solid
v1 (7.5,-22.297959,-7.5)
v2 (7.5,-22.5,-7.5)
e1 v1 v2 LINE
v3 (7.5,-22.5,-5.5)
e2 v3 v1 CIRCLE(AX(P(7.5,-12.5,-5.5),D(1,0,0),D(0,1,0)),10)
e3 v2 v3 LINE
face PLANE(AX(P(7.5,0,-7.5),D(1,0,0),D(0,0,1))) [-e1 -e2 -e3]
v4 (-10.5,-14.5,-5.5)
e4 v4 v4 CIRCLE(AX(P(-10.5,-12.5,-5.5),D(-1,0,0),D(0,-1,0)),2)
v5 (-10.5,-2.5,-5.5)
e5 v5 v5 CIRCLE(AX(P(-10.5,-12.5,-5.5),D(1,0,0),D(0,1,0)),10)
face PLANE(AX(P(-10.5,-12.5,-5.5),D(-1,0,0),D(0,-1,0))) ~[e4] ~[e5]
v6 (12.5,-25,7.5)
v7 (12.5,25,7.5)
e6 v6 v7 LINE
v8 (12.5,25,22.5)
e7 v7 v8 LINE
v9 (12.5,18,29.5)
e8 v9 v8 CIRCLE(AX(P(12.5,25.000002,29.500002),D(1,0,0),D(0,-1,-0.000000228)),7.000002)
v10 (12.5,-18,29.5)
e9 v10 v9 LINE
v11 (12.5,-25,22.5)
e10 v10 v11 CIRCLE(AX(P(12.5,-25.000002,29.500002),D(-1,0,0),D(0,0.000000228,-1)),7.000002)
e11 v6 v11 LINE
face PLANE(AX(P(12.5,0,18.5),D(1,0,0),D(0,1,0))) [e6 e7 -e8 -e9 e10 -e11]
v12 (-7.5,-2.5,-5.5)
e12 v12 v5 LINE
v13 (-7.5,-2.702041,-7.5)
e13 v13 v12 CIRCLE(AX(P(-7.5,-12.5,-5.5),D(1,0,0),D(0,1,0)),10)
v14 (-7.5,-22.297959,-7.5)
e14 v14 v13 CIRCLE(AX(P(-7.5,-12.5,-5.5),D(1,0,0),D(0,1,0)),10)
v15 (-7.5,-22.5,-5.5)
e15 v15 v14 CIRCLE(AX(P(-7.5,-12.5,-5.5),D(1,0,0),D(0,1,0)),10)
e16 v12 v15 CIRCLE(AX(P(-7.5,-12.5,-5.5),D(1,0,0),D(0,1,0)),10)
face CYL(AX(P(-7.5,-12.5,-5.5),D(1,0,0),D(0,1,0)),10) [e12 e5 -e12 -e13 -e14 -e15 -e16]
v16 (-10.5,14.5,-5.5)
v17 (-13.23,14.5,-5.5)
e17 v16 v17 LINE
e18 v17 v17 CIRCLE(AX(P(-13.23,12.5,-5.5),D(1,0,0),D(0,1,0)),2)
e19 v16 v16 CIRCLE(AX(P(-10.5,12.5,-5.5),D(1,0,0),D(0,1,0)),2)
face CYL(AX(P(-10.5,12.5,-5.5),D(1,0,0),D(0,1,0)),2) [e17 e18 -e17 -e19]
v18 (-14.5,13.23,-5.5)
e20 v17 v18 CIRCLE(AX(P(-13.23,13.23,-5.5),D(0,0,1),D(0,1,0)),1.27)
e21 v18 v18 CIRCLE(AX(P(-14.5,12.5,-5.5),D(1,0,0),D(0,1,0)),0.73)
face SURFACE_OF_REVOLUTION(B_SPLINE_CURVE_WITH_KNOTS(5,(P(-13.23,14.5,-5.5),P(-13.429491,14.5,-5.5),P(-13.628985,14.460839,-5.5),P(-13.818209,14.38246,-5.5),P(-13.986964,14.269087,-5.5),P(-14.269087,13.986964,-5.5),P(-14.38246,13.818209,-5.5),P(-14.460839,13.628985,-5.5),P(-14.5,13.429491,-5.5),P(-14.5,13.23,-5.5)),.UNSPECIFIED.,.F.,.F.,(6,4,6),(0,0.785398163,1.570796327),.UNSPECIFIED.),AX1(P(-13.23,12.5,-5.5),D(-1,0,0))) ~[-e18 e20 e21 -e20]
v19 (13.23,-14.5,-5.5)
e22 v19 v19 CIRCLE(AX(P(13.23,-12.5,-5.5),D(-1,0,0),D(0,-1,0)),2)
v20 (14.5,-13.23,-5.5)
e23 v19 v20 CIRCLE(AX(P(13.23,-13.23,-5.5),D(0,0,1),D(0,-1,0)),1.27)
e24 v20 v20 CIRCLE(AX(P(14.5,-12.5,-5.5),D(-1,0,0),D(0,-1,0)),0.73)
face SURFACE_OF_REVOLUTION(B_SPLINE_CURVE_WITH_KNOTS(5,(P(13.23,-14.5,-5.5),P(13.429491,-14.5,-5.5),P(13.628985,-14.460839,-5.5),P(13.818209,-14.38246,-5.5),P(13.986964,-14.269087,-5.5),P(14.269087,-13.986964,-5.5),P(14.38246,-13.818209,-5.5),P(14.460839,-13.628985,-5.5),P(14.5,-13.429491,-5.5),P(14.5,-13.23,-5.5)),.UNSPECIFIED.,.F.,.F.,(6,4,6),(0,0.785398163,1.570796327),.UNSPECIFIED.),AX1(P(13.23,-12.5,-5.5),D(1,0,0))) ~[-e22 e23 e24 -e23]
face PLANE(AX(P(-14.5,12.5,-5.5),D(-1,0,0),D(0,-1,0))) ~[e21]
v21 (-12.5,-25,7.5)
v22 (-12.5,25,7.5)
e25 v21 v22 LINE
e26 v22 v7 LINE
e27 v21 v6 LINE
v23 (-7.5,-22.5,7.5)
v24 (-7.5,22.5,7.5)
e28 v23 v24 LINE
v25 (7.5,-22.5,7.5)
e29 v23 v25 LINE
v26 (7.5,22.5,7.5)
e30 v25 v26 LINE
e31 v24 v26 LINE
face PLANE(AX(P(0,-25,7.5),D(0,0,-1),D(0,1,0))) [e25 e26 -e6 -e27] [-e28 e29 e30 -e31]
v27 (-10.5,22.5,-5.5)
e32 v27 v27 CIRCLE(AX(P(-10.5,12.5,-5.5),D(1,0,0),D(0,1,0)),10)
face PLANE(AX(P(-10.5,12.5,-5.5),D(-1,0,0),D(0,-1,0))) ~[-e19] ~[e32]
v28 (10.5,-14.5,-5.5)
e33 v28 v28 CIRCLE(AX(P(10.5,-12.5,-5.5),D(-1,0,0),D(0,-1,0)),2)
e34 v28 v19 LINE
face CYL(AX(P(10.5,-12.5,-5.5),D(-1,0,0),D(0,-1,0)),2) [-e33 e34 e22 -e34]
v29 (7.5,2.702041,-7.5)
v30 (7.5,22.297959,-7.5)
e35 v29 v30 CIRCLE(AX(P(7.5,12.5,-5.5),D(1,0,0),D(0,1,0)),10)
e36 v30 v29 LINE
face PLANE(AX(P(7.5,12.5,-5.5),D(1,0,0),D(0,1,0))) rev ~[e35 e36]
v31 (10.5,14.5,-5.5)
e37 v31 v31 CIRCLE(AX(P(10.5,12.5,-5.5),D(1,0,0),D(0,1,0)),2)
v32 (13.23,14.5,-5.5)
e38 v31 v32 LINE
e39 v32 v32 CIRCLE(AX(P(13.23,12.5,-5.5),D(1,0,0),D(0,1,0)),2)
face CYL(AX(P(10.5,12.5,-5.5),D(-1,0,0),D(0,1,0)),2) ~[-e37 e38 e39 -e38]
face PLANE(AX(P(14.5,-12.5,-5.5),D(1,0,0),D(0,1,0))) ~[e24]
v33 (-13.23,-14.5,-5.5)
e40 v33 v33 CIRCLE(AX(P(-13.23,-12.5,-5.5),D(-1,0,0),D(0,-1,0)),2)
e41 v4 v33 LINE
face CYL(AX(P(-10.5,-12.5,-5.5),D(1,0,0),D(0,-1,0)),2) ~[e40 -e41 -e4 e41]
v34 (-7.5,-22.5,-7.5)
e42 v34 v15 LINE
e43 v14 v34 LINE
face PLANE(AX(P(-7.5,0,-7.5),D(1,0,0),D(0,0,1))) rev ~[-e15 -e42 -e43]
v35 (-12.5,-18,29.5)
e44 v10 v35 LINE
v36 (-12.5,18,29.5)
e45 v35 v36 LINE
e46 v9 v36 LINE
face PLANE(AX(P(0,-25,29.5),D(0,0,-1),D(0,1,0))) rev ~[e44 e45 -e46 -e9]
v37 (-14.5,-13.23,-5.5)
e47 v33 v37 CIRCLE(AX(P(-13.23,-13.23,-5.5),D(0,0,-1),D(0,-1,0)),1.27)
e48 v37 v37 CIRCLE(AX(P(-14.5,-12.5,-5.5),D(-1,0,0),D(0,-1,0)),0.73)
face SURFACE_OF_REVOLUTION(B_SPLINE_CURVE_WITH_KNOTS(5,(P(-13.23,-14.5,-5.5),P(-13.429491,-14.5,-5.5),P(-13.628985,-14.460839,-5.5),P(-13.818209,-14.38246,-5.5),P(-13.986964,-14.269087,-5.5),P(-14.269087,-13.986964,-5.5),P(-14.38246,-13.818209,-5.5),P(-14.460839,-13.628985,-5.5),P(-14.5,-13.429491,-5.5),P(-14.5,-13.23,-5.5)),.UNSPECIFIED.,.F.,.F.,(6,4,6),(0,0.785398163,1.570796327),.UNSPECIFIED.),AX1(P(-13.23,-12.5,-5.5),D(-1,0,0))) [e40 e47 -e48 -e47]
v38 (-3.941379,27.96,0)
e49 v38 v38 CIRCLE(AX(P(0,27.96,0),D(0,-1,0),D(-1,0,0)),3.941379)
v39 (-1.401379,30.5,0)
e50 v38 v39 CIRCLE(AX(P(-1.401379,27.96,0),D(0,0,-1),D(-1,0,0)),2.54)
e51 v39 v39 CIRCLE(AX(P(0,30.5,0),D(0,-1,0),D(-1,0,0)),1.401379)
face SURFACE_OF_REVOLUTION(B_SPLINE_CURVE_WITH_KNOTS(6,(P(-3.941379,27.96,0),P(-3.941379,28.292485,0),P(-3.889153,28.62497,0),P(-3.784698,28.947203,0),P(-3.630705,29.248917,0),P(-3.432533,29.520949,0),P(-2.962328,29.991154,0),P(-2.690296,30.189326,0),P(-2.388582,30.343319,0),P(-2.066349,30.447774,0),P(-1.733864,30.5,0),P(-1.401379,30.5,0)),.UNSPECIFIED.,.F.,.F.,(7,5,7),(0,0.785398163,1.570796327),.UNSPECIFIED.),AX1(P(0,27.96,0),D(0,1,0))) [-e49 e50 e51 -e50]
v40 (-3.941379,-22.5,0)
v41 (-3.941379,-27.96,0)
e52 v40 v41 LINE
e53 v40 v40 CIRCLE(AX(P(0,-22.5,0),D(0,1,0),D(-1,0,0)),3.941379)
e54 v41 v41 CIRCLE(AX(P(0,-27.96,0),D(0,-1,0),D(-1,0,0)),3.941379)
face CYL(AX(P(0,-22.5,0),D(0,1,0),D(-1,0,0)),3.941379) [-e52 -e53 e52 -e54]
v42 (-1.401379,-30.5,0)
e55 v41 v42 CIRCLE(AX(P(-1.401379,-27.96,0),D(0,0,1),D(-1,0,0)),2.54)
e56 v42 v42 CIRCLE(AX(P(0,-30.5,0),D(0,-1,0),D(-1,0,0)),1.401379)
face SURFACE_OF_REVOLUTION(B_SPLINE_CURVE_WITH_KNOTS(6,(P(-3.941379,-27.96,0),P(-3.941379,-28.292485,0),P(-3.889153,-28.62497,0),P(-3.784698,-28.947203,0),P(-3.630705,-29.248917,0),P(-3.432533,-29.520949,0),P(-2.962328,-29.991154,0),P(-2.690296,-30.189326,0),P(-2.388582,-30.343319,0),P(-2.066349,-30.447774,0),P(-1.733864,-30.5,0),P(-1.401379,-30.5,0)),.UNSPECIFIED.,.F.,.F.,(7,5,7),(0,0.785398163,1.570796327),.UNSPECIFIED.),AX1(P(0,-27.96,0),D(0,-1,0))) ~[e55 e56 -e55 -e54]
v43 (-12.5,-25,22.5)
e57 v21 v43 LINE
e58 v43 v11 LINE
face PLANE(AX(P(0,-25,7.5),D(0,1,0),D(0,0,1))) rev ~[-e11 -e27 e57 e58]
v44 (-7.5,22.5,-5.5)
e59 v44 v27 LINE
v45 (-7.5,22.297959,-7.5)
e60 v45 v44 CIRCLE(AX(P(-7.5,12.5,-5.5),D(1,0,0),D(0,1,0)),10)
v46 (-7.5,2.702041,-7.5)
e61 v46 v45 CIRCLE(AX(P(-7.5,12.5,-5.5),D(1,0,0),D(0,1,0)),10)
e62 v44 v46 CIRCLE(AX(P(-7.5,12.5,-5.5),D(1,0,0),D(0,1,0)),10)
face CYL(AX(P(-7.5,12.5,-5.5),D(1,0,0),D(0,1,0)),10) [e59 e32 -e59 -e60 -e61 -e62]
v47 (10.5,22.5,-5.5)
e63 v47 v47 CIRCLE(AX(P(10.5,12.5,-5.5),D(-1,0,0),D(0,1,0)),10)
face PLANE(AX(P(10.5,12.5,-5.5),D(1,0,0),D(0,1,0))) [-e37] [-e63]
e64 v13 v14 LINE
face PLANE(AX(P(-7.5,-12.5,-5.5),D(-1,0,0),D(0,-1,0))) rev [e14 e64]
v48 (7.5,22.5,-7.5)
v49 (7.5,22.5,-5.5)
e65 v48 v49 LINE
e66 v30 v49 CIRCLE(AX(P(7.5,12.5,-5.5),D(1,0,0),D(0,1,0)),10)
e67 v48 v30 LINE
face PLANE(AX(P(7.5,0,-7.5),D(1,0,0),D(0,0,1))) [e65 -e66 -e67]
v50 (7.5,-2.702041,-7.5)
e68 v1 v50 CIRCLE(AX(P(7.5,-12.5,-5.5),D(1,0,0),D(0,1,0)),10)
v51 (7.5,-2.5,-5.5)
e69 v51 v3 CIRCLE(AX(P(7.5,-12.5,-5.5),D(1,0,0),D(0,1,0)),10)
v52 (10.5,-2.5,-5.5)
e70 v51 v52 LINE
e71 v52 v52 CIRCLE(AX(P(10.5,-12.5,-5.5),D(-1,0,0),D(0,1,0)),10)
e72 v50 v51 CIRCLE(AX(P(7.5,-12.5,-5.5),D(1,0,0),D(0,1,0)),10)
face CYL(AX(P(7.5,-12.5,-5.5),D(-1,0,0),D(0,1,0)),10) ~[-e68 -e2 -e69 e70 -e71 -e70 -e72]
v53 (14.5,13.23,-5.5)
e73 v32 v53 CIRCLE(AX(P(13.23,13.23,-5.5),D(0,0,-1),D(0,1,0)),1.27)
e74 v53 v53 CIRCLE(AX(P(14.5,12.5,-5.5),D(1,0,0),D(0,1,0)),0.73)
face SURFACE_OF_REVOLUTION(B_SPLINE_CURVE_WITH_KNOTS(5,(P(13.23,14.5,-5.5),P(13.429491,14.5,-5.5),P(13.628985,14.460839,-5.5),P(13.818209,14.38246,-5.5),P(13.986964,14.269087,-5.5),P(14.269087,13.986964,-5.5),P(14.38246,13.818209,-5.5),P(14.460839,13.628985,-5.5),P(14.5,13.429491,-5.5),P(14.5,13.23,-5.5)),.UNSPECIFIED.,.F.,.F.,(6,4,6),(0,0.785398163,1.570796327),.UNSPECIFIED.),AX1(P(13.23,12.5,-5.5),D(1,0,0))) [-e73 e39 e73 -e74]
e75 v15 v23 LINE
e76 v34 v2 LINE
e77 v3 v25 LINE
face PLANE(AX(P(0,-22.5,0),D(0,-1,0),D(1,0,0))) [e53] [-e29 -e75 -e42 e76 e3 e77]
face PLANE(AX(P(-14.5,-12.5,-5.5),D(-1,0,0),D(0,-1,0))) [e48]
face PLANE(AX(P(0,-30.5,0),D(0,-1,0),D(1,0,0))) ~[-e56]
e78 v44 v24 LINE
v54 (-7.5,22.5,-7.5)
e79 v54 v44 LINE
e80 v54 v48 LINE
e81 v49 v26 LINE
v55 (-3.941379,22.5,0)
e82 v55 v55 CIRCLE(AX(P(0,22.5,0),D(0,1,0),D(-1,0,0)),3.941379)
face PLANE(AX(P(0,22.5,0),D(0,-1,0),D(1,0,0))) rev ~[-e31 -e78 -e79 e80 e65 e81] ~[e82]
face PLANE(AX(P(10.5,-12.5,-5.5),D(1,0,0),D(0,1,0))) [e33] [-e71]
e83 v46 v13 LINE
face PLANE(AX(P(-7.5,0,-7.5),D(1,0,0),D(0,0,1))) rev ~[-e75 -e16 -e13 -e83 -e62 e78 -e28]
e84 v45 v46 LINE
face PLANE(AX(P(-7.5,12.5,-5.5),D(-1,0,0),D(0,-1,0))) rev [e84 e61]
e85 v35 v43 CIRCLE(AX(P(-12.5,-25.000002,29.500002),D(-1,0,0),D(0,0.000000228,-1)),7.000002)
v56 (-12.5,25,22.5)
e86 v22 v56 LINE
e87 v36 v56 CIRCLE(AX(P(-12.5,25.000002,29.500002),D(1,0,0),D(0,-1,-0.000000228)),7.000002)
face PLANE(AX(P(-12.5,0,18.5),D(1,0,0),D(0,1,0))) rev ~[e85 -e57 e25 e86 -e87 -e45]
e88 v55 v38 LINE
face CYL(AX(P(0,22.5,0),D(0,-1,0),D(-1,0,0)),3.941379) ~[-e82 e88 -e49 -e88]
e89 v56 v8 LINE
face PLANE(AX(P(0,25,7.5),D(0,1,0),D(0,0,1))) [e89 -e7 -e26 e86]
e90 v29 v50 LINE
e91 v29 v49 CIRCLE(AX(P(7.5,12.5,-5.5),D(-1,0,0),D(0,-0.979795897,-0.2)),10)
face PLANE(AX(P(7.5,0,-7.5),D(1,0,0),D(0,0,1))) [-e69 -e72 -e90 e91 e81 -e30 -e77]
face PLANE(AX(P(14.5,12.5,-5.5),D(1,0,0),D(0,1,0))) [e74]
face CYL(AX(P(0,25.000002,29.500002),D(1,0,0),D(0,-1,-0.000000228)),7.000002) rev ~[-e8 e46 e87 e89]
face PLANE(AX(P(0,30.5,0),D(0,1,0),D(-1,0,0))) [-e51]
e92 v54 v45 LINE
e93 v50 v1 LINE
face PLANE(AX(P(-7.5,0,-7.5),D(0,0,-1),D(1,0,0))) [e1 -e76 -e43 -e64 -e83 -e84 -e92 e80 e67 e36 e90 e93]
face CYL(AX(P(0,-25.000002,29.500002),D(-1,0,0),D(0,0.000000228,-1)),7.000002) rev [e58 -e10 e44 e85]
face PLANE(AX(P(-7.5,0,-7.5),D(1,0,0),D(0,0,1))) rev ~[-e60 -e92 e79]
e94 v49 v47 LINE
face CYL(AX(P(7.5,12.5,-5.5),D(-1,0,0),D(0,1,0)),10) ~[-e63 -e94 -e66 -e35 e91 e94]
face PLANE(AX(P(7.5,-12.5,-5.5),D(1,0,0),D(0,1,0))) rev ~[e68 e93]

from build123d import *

# Parameters (mm, degrees)
F0_W      = 15
F0_H      = 15
F1_DEPTH  = 22.5
F2_W      = 50
F2_H      = 22
F3_DEPTH  = 12.5
F5_DEPTH  = 12.7
F6_R      = 10
F7_DEPTH  = 3
F8_R      = 2
F9_DEPTH  = 4
F10_R     = 1.27
F11_R     = 3.941379
F12_DEPTH = 8
F13_R     = 2.54


with BuildPart() as f1:
    # F0 (on Front) → F1 (new body, symmetric)
    with BuildSketch(Plane.XZ):
        Rectangle(F0_W, F0_H)
    extrude(amount=F1_DEPTH, both=True)

    # F2 (on Right) → F3 (join, symmetric)
    with BuildSketch(Plane.YZ):
        with Locations((0, 18.5)):
            Rectangle(F2_W, F2_H)
    extrude(amount=F3_DEPTH, both=True)

    # F4 (on Right) → F5 (cut, symmetric)
    with BuildSketch(Plane.YZ):
        with BuildLine():
            Line((-25, 29.5), (-25, 22.5))
            ThreePointArc((-25, 22.5), (-20.050253, 24.550253), (-18, 29.5))
            Line((-18, 29.5), (-25, 29.5))
        make_face()
        with BuildLine():
            ThreePointArc((18, 29.5), (20.050253, 24.550253), (25, 22.5))
            Line((25, 22.5), (25, 29.5))
            Line((25, 29.5), (18, 29.5))
        make_face()
    extrude(amount=F5_DEPTH, both=True, mode=Mode.SUBTRACT)

    # F6 (on face) → F7 (join)
    with BuildSketch(Plane.YZ.offset(7.5)):
        with Locations((12.5, -5.5)):
            Circle(F6_R)
        with Locations((-12.5, -5.5)):
            Circle(F6_R)
    extrude(amount=F7_DEPTH)

    # F8 (on face) → F9 (join)
    with BuildSketch(Plane.YZ.offset(10.5)):
        with Locations((12.5, -5.5)):
            Circle(F8_R)
    extrude(amount=F9_DEPTH)

    # F10
    f10_edges = [f1.edges().sort_by_distance(p)[0] for p in [
        (14.5, 10.5, -5.5),
    ]]
    fillet(f10_edges, radius=F10_R)

    # F11 (on face) → F12 (join)
    with BuildSketch(Plane(origin=(0, 22.5, 0), x_dir=(-1, 0, 0), z_dir=(0, 1, 0))):
        Circle(F11_R)
    extrude(amount=F12_DEPTH)

    # F13
    f13_edges = [f1.edges().sort_by_distance(p)[0] for p in [
        (3.941379, 30.5, 0),
    ]]
    fillet(f13_edges, radius=F13_R)

    # F14: F1 across plane


with BuildPart() as f1_1:
    add(f1.part)
    add(f1.part.mirror(Plane.YZ))

    # F15: F1 across plane


with BuildPart() as f1_2:
    add(f1_1.part)
    add(f1_1.part.mirror(Plane.XZ))


solid = f1_2.part
